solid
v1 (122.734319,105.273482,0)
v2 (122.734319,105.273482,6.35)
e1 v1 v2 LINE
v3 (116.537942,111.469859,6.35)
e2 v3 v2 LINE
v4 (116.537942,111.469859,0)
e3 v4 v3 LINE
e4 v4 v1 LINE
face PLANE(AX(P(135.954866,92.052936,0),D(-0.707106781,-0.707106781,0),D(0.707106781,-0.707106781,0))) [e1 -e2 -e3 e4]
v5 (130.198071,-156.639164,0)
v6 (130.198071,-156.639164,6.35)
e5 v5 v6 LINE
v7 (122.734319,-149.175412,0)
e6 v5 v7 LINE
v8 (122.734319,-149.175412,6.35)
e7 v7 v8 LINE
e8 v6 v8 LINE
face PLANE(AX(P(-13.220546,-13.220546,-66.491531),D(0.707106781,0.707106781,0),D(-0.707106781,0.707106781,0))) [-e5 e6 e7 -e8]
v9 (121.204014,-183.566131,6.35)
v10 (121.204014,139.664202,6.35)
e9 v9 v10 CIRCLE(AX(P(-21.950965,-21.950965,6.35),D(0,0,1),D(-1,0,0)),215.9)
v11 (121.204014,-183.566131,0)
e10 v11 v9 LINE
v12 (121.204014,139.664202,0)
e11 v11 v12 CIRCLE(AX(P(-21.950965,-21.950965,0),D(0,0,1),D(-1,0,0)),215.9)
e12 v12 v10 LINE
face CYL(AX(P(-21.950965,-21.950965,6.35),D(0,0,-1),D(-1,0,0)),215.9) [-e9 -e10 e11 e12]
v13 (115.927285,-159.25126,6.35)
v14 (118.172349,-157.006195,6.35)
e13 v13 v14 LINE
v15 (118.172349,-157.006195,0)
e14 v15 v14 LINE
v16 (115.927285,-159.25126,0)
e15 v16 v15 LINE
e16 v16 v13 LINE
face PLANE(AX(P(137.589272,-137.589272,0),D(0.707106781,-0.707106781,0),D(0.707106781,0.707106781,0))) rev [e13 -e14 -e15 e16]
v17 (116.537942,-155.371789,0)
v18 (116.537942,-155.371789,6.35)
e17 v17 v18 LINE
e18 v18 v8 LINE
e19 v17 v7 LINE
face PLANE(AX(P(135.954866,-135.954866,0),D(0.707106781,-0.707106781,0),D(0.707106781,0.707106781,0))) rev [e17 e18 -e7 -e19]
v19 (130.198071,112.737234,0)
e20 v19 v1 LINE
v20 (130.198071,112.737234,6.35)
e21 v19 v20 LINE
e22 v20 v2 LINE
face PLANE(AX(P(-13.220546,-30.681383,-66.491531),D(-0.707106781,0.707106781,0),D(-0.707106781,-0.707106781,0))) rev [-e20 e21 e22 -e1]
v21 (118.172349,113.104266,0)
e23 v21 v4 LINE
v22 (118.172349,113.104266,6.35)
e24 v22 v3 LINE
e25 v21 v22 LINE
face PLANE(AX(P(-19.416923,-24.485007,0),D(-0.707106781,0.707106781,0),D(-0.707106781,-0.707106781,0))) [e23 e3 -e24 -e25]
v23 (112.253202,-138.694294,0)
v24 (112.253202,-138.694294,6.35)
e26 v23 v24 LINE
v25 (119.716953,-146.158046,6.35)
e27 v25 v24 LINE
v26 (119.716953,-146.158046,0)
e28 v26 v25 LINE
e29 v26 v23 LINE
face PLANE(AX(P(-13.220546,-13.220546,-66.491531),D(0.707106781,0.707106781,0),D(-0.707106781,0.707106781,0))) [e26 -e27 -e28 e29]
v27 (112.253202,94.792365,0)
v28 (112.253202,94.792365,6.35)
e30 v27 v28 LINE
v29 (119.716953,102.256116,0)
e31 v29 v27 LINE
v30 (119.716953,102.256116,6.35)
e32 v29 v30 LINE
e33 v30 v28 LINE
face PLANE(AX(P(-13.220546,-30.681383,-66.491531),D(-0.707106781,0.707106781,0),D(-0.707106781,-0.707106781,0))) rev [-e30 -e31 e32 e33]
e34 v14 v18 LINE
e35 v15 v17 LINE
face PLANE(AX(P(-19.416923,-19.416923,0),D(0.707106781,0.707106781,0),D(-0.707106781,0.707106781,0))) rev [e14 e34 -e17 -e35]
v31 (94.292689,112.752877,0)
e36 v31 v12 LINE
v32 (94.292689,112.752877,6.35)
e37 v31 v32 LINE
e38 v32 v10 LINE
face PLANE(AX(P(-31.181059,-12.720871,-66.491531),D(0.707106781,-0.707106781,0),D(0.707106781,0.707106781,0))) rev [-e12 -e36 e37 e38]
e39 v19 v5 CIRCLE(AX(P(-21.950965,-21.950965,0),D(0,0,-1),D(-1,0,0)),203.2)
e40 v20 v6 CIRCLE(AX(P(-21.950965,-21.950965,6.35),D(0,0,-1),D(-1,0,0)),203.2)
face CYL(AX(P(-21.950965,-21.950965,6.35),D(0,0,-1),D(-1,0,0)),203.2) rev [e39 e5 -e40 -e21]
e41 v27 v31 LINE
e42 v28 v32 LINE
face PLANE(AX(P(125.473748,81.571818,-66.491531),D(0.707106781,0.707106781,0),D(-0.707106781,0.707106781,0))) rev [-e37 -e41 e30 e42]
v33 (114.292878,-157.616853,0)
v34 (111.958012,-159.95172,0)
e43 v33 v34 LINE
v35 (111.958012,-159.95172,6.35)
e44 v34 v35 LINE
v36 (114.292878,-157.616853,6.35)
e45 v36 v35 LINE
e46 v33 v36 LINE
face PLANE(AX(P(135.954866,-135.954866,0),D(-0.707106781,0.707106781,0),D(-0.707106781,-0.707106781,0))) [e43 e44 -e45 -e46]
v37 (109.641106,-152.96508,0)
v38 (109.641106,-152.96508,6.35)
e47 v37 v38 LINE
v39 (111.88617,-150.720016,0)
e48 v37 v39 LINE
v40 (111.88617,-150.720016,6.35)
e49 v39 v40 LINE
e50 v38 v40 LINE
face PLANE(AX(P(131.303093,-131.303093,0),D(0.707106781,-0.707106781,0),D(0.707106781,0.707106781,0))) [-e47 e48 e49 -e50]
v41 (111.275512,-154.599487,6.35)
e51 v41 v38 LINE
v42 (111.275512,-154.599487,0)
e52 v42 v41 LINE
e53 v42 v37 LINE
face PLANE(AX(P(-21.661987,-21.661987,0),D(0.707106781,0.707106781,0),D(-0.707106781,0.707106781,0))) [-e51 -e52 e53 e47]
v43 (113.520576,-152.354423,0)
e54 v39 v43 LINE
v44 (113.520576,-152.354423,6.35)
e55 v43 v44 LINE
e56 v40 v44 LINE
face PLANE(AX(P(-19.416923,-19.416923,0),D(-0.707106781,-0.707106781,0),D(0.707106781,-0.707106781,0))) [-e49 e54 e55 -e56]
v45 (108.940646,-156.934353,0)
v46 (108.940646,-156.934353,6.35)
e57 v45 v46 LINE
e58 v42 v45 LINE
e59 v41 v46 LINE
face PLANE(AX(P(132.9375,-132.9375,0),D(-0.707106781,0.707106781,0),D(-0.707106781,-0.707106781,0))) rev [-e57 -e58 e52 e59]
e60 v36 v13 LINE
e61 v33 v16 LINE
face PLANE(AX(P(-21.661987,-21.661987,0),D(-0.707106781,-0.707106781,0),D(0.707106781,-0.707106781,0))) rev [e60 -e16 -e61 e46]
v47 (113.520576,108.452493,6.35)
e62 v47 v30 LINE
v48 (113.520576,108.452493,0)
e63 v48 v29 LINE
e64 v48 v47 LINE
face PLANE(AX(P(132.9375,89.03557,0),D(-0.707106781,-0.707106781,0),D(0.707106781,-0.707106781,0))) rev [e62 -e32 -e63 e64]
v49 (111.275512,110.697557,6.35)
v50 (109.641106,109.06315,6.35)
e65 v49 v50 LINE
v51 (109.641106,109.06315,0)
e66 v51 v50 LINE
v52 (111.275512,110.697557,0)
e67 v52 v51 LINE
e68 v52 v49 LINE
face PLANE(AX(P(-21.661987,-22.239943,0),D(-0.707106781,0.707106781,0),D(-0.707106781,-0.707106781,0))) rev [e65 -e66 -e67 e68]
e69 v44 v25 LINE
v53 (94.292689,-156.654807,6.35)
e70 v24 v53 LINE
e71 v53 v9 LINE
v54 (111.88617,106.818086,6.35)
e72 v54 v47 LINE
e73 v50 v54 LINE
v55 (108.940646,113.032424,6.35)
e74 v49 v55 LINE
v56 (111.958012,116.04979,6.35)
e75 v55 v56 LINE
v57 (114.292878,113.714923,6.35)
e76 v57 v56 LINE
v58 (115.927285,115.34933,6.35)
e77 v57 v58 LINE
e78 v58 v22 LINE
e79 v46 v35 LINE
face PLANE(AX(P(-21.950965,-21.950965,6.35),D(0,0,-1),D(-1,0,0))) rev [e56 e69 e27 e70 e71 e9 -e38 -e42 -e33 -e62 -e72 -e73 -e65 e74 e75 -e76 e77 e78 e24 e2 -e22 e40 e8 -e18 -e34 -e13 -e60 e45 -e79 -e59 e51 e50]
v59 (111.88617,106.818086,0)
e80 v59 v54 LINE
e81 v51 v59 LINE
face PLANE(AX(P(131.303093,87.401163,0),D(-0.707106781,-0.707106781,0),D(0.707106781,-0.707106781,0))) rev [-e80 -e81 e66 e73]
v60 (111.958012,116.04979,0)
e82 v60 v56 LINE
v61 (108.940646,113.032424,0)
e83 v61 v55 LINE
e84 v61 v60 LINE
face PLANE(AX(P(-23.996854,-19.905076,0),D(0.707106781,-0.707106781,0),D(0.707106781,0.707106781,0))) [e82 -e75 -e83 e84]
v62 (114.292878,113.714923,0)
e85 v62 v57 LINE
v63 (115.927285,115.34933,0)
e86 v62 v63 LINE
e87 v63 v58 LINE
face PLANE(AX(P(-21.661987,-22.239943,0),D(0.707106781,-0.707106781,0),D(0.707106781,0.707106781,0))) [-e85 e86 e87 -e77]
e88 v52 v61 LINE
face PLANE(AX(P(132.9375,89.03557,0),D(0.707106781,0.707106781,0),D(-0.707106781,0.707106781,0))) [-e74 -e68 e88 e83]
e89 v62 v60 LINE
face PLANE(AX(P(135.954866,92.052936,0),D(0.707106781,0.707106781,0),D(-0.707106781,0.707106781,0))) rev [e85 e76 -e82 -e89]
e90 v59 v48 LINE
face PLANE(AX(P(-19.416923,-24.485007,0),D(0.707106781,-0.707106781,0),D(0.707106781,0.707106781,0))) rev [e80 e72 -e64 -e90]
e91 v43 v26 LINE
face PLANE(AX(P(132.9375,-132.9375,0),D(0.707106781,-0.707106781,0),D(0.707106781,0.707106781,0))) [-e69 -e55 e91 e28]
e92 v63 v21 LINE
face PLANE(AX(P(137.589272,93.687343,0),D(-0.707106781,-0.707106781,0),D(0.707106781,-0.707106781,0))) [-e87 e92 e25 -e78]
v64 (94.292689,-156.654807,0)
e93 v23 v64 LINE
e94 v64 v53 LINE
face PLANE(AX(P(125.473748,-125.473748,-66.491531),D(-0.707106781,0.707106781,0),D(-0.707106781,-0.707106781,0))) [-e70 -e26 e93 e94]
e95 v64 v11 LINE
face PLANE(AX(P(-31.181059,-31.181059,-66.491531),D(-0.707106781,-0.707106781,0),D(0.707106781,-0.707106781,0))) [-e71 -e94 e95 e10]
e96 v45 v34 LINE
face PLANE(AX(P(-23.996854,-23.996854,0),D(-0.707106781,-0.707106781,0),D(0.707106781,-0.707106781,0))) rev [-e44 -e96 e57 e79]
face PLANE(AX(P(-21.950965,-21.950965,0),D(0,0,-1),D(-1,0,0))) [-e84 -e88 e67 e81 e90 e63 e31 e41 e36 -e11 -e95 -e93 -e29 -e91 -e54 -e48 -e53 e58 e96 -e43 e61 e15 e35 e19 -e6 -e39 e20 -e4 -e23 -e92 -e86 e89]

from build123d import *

# Parameters (mm, degrees)
BOSS_EXTRUDE1_DEPTH = 6.35
BOSS_EXTRUDE3_START = -6.35
BOSS_EXTRUDE3_DEPTH = 6.35
CUT_EXTRUDE1_DEPTH  = 268.119964262


with BuildPart() as part:
    # Sketch1 → Boss-Extrude1 (new body)
    with BuildSketch(Plane.XY):
        with BuildLine():
            Line((143.360416784, 116.919323836), (134.344167558, 107.903074611))
            ThreePointArc((134.344167558, 107.903074611), (181.249035113, -21.950964887), (134.344167558, -151.805004385))
            Line((134.344167558, -151.805004385), (143.360416784, -160.82125361))
            ThreePointArc((143.360416784, -160.82125361), (193.949035113, -21.950964887), (143.360416784, 116.919323836))
        make_face()
    extrude(amount=BOSS_EXTRUDE1_DEPTH)

    # Sketch4 → Boss-Extrude3 (add)
    with BuildSketch(Plane.XY.offset(6.35).offset(BOSS_EXTRUDE3_START)):
        with BuildLine():
            Line((143.360416784, -160.82125361), (134.344167558, -151.805004385))
            ThreePointArc((134.344167558, -151.805004385), (132.290059148, -154.238328247), (130.198070847, -156.639163795))
            Line((130.198070847, -156.639163795), (139.193969877, -165.635062824))
            ThreePointArc((139.193969877, -165.635062824), (141.294938047, -163.24351662), (143.360416784, -160.82125361))
        make_face()
        with BuildLine():
            ThreePointArc((139.193969877, -165.635062824), (130.46291295, -174.865384883), (121.204013939, -183.56613137))
            Line((121.204013939, -183.56613137), (94.292689271, -156.654806703))
            Line((94.292689271, -156.654806703), (112.253201513, -138.694294461))
            Line((112.253201513, -138.694294461), (139.193969877, -165.635062824))
        make_face()
    boss_extrude3 = extrude(amount=BOSS_EXTRUDE3_DEPTH)

    # Sketch5 → Cut-Extrude1 (cut, through all)
    with BuildSketch(Plane.XY.offset(6.35)):
        Polygon((122.734319209, -149.175412156), (121.22563618, -147.666729128), (110.449328835, -158.443036473), (111.958011863, -159.951719502), (114.292878455, -157.61685291), (115.927285069, -159.251259524), (118.172349099, -157.006195494), (116.537942485, -155.37178888), align=None)
        Polygon((110.449328835, -158.443036473), (121.22563618, -147.666729128), (119.716953152, -146.1580461), (113.520576428, -152.354422823), (111.886169814, -150.720016209), (109.641105784, -152.965080239), (111.275512398, -154.599486854), (108.940645807, -156.934353445), align=None)
    cut_extrude1 = extrude(amount=-CUT_EXTRUDE1_DEPTH, mode=Mode.SUBTRACT)

    # Mirror2: Boss-Extrude3, Cut-Extrude1 across plane
    add(boss_extrude3.mirror(Plane.ZX.offset(-21.950964887)))
    add(cut_extrude1.mirror(Plane.ZX.offset(-21.950964887)), mode=Mode.SUBTRACT)


solid = part.part
